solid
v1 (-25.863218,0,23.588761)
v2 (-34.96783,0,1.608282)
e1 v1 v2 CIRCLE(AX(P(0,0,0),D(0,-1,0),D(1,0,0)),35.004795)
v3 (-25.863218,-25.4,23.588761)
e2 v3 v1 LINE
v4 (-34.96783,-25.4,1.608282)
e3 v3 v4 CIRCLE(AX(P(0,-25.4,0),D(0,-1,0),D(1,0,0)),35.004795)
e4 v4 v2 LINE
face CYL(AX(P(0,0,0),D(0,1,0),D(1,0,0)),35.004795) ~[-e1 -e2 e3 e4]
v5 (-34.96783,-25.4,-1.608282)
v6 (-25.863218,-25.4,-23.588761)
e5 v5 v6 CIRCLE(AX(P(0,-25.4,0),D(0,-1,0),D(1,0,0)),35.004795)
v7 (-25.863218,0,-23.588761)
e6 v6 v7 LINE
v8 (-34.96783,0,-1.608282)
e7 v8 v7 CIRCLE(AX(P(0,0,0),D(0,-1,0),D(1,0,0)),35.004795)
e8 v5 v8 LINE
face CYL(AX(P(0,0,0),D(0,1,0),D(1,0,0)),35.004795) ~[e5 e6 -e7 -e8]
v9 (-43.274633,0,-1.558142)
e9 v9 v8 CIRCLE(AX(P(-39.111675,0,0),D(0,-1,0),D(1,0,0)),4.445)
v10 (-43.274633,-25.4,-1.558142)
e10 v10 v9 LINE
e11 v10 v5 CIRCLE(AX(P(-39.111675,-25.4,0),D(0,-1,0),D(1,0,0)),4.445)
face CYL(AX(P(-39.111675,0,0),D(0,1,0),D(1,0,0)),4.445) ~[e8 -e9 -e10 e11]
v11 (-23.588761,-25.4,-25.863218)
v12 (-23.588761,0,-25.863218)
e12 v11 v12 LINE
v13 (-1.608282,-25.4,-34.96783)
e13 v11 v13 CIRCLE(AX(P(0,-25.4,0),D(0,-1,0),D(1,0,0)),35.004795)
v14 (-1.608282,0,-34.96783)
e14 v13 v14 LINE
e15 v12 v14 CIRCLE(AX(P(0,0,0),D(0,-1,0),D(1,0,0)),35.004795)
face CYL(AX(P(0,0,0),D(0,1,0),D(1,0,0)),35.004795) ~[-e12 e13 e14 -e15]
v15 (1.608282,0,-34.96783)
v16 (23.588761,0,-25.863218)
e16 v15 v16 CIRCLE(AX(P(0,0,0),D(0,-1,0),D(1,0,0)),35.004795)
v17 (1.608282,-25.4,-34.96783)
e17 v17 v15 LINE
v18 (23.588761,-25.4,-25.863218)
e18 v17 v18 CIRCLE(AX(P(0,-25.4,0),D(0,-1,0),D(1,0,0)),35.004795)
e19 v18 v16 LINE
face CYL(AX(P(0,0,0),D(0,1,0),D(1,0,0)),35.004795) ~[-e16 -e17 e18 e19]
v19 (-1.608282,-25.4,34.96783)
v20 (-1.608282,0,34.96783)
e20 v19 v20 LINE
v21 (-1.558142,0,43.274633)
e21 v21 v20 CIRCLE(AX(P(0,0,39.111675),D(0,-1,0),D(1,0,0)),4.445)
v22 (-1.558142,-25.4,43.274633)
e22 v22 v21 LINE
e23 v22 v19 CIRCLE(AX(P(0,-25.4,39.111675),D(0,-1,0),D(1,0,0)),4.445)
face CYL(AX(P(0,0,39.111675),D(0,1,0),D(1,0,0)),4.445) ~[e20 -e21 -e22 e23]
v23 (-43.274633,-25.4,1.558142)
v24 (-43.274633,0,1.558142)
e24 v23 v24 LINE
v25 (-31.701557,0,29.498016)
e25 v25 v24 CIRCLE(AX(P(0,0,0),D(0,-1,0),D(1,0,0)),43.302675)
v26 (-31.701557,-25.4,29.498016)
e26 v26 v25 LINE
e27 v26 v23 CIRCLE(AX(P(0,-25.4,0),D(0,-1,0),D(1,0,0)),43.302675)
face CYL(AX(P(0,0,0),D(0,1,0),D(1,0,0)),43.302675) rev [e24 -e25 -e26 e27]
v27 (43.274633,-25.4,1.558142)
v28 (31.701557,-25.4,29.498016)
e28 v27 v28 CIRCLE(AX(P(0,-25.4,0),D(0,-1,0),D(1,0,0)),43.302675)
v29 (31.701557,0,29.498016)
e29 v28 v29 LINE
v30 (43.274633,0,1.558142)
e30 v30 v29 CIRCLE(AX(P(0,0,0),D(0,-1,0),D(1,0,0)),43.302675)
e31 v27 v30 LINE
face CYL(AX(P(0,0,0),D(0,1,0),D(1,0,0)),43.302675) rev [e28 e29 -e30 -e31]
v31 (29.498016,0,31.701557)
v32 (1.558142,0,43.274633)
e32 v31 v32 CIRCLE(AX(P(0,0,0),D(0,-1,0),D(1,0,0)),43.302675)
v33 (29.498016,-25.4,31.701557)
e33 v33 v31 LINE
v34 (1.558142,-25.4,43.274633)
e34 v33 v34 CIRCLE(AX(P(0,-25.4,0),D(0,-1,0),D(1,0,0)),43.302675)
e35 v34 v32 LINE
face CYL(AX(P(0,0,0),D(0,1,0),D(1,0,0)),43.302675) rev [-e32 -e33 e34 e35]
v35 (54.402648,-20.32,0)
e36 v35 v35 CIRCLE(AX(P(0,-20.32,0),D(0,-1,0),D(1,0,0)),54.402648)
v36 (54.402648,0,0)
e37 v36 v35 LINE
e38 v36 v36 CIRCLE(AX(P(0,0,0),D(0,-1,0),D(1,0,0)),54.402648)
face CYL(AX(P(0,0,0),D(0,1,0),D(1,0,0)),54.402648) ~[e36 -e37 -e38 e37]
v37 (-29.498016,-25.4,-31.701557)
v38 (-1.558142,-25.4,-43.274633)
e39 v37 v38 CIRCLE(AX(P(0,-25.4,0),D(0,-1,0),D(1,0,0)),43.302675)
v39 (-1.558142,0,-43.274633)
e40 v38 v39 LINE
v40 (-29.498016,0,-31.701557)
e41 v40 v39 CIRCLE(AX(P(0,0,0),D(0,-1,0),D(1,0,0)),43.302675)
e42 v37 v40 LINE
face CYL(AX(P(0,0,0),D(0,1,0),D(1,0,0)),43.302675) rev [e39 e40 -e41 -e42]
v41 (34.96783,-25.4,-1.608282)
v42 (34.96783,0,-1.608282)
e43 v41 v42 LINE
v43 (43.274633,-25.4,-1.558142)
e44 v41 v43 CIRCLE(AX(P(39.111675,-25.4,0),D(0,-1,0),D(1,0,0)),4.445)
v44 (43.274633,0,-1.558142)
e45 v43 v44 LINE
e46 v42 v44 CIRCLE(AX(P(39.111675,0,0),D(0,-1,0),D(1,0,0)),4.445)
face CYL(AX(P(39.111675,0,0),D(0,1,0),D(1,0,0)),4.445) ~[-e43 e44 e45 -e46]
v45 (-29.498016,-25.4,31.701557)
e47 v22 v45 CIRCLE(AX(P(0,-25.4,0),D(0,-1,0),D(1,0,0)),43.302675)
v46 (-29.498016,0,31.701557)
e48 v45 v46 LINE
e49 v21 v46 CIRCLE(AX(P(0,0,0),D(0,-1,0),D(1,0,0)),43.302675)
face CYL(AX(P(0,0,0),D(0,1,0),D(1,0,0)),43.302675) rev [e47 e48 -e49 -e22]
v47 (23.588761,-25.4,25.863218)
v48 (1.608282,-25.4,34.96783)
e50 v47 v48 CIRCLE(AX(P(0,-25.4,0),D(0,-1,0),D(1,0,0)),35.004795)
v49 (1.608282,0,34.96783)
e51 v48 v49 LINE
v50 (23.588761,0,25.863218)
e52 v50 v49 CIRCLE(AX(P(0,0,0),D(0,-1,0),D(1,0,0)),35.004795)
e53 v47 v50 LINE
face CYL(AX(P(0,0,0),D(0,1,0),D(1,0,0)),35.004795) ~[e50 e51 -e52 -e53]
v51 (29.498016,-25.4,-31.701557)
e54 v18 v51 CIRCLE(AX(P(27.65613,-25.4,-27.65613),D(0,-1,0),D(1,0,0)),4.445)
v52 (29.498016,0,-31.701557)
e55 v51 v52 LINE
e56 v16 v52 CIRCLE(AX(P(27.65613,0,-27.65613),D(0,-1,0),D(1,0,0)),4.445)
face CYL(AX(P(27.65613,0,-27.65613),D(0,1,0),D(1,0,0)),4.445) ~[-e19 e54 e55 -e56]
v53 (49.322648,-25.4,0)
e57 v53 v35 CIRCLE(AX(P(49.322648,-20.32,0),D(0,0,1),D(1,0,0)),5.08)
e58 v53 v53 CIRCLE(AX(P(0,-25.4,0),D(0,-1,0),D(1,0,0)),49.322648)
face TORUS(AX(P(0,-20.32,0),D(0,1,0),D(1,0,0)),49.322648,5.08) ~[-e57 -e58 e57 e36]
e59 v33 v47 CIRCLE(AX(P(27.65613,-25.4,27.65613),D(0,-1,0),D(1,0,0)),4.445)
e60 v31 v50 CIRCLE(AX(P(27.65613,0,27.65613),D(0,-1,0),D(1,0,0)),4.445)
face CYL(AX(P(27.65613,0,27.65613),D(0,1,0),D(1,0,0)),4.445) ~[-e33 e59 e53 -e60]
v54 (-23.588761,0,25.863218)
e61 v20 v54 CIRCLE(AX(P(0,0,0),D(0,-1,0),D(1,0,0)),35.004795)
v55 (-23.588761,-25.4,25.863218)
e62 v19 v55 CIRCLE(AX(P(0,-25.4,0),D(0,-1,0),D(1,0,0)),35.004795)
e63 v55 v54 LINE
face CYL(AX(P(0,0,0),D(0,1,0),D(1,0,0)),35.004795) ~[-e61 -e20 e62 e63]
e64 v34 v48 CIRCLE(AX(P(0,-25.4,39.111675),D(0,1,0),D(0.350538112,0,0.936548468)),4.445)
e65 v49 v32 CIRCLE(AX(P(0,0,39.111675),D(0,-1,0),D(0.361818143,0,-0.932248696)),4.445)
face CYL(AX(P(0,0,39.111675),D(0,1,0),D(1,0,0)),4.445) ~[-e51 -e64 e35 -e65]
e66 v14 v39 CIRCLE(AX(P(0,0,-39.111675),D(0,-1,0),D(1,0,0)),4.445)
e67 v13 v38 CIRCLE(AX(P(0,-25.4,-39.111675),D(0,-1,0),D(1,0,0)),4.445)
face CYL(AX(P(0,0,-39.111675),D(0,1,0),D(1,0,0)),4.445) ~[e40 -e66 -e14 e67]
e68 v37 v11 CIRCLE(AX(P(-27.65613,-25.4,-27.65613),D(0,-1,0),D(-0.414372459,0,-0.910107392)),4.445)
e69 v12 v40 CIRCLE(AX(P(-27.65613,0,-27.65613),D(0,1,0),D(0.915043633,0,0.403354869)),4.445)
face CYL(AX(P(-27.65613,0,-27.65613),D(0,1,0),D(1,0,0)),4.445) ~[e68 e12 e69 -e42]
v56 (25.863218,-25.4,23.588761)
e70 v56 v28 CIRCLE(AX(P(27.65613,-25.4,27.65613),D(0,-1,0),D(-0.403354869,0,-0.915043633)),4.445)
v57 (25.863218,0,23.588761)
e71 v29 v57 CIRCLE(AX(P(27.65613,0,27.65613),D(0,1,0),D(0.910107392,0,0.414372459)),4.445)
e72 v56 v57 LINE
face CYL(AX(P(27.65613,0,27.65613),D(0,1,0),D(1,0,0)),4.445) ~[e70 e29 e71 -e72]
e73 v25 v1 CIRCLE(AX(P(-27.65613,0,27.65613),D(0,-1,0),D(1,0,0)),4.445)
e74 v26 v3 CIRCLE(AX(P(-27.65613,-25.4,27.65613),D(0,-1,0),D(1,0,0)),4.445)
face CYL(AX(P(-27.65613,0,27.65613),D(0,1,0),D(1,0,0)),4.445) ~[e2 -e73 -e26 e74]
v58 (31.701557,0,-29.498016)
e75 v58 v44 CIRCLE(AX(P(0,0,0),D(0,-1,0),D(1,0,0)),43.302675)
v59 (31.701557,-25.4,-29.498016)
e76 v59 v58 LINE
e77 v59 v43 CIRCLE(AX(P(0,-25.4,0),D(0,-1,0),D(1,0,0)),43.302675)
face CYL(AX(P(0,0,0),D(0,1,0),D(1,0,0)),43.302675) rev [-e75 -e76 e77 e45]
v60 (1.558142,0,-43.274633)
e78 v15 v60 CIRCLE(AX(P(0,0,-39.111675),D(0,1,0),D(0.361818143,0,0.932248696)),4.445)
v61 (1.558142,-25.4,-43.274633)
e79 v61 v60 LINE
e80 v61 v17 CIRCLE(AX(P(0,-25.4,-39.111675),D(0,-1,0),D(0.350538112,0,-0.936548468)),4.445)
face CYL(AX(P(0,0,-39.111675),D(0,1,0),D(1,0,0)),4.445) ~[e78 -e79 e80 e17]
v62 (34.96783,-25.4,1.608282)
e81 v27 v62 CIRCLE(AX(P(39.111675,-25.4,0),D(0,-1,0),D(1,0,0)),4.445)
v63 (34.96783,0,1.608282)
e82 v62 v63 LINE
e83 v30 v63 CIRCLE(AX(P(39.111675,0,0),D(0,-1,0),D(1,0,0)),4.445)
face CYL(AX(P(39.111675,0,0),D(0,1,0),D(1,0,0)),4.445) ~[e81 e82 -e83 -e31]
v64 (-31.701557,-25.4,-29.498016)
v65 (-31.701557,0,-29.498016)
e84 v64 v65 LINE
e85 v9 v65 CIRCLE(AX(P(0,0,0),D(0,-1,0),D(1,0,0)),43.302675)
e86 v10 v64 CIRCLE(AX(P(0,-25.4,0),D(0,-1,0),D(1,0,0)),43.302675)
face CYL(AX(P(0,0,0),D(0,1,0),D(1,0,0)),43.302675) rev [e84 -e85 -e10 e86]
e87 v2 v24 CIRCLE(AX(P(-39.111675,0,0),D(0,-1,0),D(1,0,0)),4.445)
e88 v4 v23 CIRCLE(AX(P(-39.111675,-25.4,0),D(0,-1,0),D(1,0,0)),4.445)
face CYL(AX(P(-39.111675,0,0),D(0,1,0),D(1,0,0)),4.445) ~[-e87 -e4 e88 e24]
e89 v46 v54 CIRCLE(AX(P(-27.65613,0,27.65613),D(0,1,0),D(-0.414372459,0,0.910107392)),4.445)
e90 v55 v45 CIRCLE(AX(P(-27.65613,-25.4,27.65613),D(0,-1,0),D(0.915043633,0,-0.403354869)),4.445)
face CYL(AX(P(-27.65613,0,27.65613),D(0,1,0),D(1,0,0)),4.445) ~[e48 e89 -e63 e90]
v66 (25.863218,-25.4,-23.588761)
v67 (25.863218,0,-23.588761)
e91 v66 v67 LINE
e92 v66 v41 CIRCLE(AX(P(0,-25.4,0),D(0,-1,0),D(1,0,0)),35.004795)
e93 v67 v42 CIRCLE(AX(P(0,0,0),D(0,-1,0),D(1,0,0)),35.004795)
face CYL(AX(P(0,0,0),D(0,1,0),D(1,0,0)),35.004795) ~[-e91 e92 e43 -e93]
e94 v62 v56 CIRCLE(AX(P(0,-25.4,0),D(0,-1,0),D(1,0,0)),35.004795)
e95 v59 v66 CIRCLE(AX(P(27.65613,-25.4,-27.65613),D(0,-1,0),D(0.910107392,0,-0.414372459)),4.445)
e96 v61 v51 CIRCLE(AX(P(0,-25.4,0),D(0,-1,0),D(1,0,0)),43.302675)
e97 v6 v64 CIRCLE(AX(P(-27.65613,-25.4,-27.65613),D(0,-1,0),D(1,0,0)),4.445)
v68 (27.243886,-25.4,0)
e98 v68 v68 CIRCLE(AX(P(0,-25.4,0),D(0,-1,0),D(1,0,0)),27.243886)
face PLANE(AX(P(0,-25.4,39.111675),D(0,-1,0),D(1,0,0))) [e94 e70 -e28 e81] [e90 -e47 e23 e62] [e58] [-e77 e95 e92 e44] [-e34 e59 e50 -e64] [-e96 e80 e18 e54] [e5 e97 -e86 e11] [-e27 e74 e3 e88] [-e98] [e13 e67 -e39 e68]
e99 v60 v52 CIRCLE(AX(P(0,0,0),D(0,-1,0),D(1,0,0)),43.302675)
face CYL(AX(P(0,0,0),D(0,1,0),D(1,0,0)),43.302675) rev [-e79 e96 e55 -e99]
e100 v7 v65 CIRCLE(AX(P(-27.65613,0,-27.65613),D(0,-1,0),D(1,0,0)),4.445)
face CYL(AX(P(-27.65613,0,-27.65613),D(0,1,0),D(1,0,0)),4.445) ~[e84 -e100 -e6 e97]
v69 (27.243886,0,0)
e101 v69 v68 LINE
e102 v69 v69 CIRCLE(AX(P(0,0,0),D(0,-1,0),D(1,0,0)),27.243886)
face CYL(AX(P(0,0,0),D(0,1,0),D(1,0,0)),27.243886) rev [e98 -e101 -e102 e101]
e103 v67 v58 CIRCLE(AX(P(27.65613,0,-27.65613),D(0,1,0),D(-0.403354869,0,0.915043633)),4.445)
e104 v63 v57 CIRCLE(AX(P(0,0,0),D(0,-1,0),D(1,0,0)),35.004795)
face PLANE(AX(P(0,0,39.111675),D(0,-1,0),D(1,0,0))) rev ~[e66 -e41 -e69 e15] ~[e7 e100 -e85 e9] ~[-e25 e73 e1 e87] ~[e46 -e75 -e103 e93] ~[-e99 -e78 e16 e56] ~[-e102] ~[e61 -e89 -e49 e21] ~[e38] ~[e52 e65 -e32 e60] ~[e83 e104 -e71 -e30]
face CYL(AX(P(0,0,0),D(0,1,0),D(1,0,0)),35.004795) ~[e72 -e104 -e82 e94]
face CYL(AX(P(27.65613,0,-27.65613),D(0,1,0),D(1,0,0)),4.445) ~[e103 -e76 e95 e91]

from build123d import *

# Parameters (mm, degrees)
F0_R     = 54.402648
F0_R_2   = 43.302675
F1_DEPTH = 25.4
F2_R     = 35.004795
F2_R_2   = 27.243886
F3_DEPTH = 25.4
F4_R     = 4.445
F5_DEPTH = 25.4
F6_R     = 5.08


with BuildPart() as f1:
    # F0 (on Front) → F1 (new body)
    with BuildSketch(Plane.XZ):
        Circle(F0_R)
        Circle(F0_R_2, mode=Mode.SUBTRACT)
    extrude(amount=F1_DEPTH)



with BuildPart() as f3:
    # F2 (on Front) → F3 (new body)
    with BuildSketch(Plane.XZ):
        Circle(F2_R)
        Circle(F2_R_2, mode=Mode.SUBTRACT)
    extrude(amount=F3_DEPTH)


with BuildPart() as f1_1:
    add(f1.part)

    add(f3.part)  # F5 merges F3
    # F4 (on Front) → F5 (join)
    with BuildSketch(Plane.XZ):
        with Locations((0, 39.111675)):
            Circle(F4_R)
        with Locations((-27.65613, 27.65613)):
            Circle(F4_R)
        with Locations((-39.111675, 0)):
            Circle(F4_R)
        with Locations((-27.65613, -27.65613)):
            Circle(F4_R)
        with Locations((0, -39.111675)):
            Circle(F4_R)
        with Locations((27.65613, -27.65613)):
            Circle(F4_R)
        with Locations((39.111675, 0)):
            Circle(F4_R)
        with Locations((27.65613, 27.65613)):
            Circle(F4_R)
    extrude(amount=F5_DEPTH)

    # F6
    f6_edges = [f1_1.edges().sort_by_distance(p)[0] for p in [
        (-54.402648, -25.4, 0),
    ]]
    fillet(f6_edges, radius=F6_R)


solid = f1_1.part
